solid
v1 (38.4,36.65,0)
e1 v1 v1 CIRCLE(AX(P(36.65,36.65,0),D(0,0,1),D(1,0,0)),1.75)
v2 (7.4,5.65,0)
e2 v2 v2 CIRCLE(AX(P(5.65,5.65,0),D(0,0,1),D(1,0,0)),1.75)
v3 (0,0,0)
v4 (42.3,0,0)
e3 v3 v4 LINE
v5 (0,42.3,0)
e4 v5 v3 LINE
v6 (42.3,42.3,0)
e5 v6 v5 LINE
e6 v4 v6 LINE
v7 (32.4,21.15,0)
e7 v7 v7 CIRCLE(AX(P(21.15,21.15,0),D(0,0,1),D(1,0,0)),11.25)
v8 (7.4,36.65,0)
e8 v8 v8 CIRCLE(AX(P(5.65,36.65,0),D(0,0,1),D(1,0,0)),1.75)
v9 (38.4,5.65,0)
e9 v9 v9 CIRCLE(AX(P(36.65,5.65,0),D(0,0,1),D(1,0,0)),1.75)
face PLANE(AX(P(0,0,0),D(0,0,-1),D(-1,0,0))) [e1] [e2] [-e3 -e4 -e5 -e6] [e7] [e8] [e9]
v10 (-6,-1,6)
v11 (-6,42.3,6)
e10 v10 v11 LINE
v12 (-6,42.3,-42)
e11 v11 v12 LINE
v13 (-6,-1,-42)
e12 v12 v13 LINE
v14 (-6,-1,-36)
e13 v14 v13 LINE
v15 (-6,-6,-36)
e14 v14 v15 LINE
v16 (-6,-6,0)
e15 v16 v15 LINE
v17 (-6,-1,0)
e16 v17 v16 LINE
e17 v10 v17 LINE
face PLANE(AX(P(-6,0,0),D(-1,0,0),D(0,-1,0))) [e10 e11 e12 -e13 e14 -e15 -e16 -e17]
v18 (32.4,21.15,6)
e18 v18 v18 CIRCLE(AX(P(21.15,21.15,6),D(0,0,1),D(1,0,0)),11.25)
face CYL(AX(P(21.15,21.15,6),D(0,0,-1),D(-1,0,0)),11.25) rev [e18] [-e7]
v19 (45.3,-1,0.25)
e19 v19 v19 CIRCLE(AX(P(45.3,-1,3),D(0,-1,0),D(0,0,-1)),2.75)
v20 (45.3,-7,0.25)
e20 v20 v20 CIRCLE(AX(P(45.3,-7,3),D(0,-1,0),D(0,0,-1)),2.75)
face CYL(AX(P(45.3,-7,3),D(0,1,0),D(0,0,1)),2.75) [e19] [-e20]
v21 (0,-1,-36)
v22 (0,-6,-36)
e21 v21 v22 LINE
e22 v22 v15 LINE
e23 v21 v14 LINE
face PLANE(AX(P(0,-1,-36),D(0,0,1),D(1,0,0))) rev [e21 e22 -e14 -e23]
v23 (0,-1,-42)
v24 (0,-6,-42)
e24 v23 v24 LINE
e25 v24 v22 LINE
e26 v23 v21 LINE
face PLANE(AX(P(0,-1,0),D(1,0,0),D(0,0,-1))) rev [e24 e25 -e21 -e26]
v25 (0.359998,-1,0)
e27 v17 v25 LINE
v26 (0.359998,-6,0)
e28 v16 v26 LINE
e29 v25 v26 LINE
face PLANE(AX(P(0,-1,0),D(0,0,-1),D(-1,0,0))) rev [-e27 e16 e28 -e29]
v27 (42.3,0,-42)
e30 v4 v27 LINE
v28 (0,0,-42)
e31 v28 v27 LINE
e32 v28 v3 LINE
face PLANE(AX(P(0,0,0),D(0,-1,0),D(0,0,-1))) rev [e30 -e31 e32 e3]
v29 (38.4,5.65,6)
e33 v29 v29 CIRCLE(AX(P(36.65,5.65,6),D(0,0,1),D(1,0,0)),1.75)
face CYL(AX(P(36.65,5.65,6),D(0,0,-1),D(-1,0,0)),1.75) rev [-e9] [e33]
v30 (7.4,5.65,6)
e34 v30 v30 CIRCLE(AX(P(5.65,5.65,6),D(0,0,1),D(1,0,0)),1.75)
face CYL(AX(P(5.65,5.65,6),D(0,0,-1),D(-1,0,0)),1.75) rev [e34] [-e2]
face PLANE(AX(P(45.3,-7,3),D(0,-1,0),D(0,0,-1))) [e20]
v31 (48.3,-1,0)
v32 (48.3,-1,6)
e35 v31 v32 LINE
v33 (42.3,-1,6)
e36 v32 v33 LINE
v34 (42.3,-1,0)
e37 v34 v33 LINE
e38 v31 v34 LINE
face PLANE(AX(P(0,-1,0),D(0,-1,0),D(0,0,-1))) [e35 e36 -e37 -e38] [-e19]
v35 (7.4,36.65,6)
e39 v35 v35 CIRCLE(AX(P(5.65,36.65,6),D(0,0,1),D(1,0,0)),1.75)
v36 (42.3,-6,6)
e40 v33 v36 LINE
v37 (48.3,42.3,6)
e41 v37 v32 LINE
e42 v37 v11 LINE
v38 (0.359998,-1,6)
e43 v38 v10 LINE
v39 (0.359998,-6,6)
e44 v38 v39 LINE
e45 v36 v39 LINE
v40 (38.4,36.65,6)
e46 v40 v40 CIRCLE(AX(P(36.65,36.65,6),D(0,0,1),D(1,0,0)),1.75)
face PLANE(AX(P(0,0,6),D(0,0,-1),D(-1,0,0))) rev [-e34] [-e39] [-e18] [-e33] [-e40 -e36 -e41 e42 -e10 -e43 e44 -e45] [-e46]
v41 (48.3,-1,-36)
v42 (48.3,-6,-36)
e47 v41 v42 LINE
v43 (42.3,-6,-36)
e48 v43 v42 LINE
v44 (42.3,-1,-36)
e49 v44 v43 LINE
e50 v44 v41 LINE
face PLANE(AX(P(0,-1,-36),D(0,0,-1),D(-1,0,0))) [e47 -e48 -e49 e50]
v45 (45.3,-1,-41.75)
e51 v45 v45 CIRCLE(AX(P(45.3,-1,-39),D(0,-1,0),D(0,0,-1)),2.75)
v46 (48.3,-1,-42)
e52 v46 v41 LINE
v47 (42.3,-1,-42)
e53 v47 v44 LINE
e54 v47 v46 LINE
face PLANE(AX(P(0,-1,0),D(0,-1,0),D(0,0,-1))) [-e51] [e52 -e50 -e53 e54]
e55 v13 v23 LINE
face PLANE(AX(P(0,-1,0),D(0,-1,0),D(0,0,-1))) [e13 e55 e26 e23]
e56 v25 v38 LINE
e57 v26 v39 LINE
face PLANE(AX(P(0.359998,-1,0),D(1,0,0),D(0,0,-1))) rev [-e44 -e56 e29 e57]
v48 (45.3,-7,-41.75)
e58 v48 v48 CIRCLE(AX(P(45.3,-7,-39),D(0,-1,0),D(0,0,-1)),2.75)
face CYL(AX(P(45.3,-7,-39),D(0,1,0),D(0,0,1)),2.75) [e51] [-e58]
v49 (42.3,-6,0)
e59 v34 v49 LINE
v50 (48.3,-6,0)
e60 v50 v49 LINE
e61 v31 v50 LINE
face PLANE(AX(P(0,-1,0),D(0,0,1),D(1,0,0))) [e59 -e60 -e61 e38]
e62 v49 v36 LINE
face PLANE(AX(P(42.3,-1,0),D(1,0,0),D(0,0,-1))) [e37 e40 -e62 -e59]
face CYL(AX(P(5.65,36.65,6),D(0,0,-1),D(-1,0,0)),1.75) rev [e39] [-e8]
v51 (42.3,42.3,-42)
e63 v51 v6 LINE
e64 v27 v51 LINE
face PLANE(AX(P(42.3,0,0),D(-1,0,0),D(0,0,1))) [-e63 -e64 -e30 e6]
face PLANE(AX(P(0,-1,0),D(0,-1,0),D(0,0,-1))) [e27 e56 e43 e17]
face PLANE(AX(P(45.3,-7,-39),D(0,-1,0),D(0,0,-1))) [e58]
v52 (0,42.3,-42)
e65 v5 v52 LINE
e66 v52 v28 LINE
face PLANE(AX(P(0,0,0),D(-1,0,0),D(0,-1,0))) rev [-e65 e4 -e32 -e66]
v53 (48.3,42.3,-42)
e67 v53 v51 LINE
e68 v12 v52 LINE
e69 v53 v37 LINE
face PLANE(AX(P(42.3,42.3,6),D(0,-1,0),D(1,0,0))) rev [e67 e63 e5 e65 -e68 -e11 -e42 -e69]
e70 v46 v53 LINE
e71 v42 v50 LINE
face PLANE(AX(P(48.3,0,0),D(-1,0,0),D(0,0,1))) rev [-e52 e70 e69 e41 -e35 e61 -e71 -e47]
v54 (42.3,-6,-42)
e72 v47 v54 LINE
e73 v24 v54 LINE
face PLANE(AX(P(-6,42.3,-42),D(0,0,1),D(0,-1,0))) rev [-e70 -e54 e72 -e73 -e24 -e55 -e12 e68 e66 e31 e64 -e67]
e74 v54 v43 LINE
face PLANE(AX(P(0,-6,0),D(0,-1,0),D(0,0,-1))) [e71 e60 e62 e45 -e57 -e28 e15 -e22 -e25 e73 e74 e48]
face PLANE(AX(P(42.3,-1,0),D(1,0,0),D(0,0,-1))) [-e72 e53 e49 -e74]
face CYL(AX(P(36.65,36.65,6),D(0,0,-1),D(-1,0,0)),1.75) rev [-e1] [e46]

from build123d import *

# Parameters (mm, degrees)
SKETCH_1_W          = 42.3
SKETCH_1_H          = 42.3
SKETCH_1_R          = 1.75
SKETCH_1_R_2        = 11.25
EXTRUDE_1_DEPTH     = 6
SKETCH_2_W          = 48
SKETCH_2_H          = 42.3
EXTRUDE_2_DEPTH     = 6
SKETCH_3_W          = 48
SKETCH_3_H          = 42.3
EXTRUDE_3_DEPTH     = 6
SKETCH_4_W          = 54.3
SKETCH_4_H          = 48
EXTRUDE_4_DEPTH     = 6
SKETCH_5_W          = 6
SKETCH_5_H          = 6
SKETCH_5_W_2        = 6.359997754
CUT_EXTRUDE_1_DEPTH = 5
SKETCH_6_R          = 2.75
EXTRUDE_5_DEPTH     = 6
SKETCH_7_R          = 2.75
EXTRUDE_6_DEPTH     = 6


with BuildPart() as part:
    # Эскиз1 → Бобышка-Вытянуть1 (new body)
    with BuildSketch(Plane.XY):
        with Locations((21.15, 21.15)):
            Rectangle(SKETCH_1_W, SKETCH_1_H)
        with Locations((36.65, 36.65)):
            Circle(SKETCH_1_R, mode=Mode.SUBTRACT)
        with Locations((5.65, 36.65)):
            Circle(SKETCH_1_R, mode=Mode.SUBTRACT)
        with Locations((5.65, 5.65)):
            Circle(SKETCH_1_R, mode=Mode.SUBTRACT)
        with Locations((36.65, 5.65)):
            Circle(SKETCH_1_R, mode=Mode.SUBTRACT)
        with Locations((21.15, 21.15)):
            Circle(SKETCH_1_R_2, mode=Mode.SUBTRACT)
    extrude(amount=EXTRUDE_1_DEPTH)

    # Эскиз2 → Бобышка-Вытянуть2 (add)
    with BuildSketch(Plane.ZY):
        with Locations((-18, 21.15)):
            Rectangle(SKETCH_2_W, SKETCH_2_H)
    extrude(amount=EXTRUDE_2_DEPTH)

    # Эскиз3 → Бобышка-Вытянуть3 (add)
    with BuildSketch(Plane(origin=(42.3, 0, 0), x_dir=(0, 0, -1), z_dir=(1, 0, 0))):
        with Locations((18, 21.15)):
            Rectangle(SKETCH_3_W, SKETCH_3_H)
    extrude(amount=EXTRUDE_3_DEPTH)

    # Эскиз4 → Бобышка-Вытянуть4 (add)
    with BuildSketch(Plane.XZ):
        with Locations((21.15, -18)):
            Rectangle(SKETCH_4_W, SKETCH_4_H)
    extrude(amount=EXTRUDE_4_DEPTH)

    # Эскиз5 → Вырез-Вытянуть1 (cut)
    with BuildSketch(Plane.XZ.offset(6)):
        with Locations((45.3, -39)):
            Rectangle(SKETCH_5_W, SKETCH_5_H)
        with Locations((-3, -39)):
            Rectangle(SKETCH_5_W, SKETCH_5_H)
        with Locations((-2.820001123, 3)):
            Rectangle(SKETCH_5_W_2, SKETCH_5_H)
        with Locations((45.3, 3)):
            Rectangle(SKETCH_5_W, SKETCH_5_H)
    extrude(amount=-CUT_EXTRUDE_1_DEPTH, mode=Mode.SUBTRACT)

    # Эскиз6 → Бобышка-Вытянуть5 (add)
    with BuildSketch(Plane.XZ.offset(1)):
        with Locations((45.3, 3)):
            Circle(SKETCH_6_R)
    extrude(amount=EXTRUDE_5_DEPTH)

    # Эскиз7 → Бобышка-Вытянуть6 (add)
    with BuildSketch(Plane.XZ.offset(1)):
        with Locations((45.3, -39)):
            Circle(SKETCH_7_R)
    extrude(amount=EXTRUDE_6_DEPTH)


solid = part.part
